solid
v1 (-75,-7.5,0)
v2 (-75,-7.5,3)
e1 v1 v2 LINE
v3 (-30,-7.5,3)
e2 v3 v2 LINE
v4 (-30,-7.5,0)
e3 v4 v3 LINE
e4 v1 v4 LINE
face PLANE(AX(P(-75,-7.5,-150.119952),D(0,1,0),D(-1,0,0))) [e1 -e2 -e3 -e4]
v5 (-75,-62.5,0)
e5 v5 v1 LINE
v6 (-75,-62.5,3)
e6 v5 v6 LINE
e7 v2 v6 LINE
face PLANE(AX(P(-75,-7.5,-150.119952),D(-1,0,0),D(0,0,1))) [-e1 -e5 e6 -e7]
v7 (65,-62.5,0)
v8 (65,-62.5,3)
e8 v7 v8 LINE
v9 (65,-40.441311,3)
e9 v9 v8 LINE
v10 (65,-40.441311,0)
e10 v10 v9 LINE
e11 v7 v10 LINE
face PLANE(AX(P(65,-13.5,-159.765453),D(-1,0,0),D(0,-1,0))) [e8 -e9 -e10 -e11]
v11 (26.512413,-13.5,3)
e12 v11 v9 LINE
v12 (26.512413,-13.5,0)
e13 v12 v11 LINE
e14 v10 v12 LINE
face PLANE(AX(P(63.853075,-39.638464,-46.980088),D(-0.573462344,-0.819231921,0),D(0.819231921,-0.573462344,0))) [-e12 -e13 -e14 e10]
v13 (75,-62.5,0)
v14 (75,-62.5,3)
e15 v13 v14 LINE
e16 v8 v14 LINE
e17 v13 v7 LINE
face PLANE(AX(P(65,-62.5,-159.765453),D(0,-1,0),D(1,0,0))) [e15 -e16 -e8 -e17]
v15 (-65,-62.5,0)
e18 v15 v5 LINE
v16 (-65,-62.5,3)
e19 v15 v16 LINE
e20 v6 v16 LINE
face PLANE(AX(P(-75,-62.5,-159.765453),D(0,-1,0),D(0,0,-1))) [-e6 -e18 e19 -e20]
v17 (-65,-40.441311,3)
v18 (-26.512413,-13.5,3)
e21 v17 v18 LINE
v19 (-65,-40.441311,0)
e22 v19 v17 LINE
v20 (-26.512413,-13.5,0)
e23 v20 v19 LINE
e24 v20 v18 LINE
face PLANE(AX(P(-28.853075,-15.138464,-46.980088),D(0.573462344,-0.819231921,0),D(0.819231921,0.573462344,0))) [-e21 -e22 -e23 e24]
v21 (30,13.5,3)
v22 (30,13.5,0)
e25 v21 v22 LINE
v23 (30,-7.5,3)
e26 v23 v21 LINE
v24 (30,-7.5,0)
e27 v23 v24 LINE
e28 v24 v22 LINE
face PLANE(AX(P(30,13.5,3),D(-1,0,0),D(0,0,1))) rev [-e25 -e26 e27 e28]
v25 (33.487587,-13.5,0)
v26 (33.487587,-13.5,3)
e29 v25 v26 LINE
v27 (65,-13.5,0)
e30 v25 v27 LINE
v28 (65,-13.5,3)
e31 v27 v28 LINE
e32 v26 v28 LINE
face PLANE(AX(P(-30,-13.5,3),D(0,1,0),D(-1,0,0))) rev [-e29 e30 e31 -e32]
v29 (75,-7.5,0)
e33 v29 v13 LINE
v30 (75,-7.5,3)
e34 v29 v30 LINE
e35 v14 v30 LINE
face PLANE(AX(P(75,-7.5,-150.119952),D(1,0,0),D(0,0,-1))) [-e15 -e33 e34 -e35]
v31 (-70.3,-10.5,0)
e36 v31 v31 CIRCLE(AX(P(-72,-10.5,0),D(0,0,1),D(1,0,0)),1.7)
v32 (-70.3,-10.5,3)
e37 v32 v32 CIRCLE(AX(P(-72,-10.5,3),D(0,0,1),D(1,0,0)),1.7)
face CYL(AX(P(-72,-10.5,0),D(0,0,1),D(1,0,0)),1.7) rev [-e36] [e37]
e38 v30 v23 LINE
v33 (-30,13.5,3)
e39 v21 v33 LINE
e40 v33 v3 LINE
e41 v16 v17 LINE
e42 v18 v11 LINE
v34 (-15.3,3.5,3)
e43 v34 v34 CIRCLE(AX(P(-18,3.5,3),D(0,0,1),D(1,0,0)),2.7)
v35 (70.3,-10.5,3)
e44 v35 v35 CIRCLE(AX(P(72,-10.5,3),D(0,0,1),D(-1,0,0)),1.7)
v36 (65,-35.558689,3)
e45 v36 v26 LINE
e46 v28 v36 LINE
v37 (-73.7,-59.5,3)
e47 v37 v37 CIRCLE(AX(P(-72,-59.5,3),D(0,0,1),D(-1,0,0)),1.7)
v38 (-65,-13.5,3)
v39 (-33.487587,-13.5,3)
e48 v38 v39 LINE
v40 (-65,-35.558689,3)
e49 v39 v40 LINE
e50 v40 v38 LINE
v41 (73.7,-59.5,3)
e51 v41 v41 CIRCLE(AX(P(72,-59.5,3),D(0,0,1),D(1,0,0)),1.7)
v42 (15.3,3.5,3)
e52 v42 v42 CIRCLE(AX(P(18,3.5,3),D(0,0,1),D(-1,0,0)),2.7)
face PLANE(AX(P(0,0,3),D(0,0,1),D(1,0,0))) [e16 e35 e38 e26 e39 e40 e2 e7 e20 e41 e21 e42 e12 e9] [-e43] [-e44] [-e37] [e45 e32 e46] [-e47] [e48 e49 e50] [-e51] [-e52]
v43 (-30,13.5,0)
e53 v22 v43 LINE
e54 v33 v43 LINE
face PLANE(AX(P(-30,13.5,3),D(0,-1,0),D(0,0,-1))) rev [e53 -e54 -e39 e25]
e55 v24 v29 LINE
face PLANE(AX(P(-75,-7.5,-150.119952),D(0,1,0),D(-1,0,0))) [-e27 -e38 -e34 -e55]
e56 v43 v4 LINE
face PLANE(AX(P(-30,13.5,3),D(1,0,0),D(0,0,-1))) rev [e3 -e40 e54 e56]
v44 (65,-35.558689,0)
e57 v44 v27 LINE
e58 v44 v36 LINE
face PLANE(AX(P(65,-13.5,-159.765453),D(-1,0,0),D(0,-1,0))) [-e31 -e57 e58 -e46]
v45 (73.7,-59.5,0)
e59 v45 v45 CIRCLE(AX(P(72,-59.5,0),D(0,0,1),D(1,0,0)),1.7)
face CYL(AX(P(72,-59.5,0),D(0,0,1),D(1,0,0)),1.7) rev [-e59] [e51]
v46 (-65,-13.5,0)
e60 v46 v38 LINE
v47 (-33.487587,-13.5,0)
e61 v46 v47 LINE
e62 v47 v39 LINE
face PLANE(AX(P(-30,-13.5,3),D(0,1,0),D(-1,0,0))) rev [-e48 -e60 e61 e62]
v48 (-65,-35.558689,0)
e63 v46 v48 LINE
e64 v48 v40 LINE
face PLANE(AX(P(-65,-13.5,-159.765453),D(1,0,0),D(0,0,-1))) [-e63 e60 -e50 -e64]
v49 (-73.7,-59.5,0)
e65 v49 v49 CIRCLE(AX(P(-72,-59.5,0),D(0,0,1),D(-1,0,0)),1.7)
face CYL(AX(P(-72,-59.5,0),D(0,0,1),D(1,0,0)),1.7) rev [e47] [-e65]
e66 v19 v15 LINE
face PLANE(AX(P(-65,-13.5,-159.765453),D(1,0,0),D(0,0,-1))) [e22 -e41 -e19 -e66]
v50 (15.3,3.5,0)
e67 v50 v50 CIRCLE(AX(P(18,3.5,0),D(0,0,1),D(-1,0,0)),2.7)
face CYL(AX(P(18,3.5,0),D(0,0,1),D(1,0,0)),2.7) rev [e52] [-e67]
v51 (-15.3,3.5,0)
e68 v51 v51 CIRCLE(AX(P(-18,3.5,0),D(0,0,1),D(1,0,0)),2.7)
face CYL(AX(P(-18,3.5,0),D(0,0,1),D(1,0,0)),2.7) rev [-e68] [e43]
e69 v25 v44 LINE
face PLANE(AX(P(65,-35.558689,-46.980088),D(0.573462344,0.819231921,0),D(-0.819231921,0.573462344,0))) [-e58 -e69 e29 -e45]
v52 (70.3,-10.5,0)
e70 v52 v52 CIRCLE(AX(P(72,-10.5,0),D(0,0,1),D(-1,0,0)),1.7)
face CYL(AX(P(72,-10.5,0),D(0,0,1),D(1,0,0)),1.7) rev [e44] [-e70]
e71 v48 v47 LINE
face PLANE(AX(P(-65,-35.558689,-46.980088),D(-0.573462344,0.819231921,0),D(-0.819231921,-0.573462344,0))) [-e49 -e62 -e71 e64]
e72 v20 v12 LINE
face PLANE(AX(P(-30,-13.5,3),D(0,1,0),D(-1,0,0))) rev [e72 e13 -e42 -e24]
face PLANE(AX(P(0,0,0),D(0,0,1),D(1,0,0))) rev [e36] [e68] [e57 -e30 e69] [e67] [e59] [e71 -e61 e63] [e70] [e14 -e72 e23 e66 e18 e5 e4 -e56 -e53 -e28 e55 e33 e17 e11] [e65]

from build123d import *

# Parameters (mm, degrees)
SKETCH_1_W          = 60
SKETCH_1_H          = 27
EXTRUDE_1_DEPTH     = 3
SKETCH_2_W          = 150
SKETCH_2_H          = 6
EXTRUDE_2_DEPTH     = 3
EXTRUDE_3_DEPTH     = 3
SKETCH_4_R          = 1.7
CUT_EXTRUDE_1_DEPTH = 98.67420335
EXTRUDE_4_DEPTH     = 3
SKETCH_6_R          = 2.7
CUT_EXTRUDE_2_DEPTH = 98.67420335


with BuildPart() as part:
    # 草圖1 → 填料-伸長1 (new body)
    with BuildSketch(Plane.XY):
        Rectangle(SKETCH_1_W, SKETCH_1_H)
    extrude(amount=EXTRUDE_1_DEPTH)

    # 草圖2 → 填料-伸長2 (add)
    with BuildSketch(Plane.XY.offset(3)):
        with Locations((0, -10.5)):
            Rectangle(SKETCH_2_W, SKETCH_2_H)
    extrude(amount=-EXTRUDE_2_DEPTH)

    # 草圖3 → 填料-伸長3 (add)
    with BuildSketch(Plane.XY.offset(3)):
        Polygon((65, -62.5), (75, -62.5), (75, -7.5), (-75, -7.5), (-75, -62.5), (-65, -62.5), (-65, -13.5), (65, -13.5), align=None)
    extrude(amount=-EXTRUDE_3_DEPTH)

    # 草圖4 → 除料-伸長1 (cut, through all)
    with BuildSketch(Plane.XY.offset(3)):
        with Locations((-72, -10.5)):
            Circle(SKETCH_4_R)
        with Locations(Location((-72, -59.5, 0), (0, 0, 180))):
            Circle(SKETCH_4_R)
        with Locations((72, -59.5)):
            Circle(SKETCH_4_R)
        with Locations(Location((72, -10.5, 0), (0, 0, 180))):
            Circle(SKETCH_4_R)
    extrude(amount=-CUT_EXTRUDE_1_DEPTH, mode=Mode.SUBTRACT)

    # 草圖5 → 填料-伸長4 (add)
    with BuildSketch(Plane.XY.offset(3)):
        Polygon((-63.853075311, -39.638463841), (-28.853075311, -15.138463841), (-26.512412681, -13.5), (-33.487587319, -13.5), (-65, -35.558688877), (-65, -38), (-65, -40.441311123), align=None)
        Polygon((26.512412681, -13.5), (33.487587319, -13.5), (65, -35.558688877), (65, -38), (65, -40.441311123), (63.853075311, -39.638463841), (28.853075311, -15.138463841), align=None)
    extrude(amount=-EXTRUDE_4_DEPTH)

    # 草圖6 → 除料-伸長2 (cut, through all)
    with BuildSketch(Plane.XY.offset(3)):
        with Locations((-18, 3.5)):
            Circle(SKETCH_6_R)
        with Locations(Location((18, 3.5, 0), (0, 0, 180))):
            Circle(SKETCH_6_R)
    extrude(amount=-CUT_EXTRUDE_2_DEPTH, mode=Mode.SUBTRACT)


solid = part.part
